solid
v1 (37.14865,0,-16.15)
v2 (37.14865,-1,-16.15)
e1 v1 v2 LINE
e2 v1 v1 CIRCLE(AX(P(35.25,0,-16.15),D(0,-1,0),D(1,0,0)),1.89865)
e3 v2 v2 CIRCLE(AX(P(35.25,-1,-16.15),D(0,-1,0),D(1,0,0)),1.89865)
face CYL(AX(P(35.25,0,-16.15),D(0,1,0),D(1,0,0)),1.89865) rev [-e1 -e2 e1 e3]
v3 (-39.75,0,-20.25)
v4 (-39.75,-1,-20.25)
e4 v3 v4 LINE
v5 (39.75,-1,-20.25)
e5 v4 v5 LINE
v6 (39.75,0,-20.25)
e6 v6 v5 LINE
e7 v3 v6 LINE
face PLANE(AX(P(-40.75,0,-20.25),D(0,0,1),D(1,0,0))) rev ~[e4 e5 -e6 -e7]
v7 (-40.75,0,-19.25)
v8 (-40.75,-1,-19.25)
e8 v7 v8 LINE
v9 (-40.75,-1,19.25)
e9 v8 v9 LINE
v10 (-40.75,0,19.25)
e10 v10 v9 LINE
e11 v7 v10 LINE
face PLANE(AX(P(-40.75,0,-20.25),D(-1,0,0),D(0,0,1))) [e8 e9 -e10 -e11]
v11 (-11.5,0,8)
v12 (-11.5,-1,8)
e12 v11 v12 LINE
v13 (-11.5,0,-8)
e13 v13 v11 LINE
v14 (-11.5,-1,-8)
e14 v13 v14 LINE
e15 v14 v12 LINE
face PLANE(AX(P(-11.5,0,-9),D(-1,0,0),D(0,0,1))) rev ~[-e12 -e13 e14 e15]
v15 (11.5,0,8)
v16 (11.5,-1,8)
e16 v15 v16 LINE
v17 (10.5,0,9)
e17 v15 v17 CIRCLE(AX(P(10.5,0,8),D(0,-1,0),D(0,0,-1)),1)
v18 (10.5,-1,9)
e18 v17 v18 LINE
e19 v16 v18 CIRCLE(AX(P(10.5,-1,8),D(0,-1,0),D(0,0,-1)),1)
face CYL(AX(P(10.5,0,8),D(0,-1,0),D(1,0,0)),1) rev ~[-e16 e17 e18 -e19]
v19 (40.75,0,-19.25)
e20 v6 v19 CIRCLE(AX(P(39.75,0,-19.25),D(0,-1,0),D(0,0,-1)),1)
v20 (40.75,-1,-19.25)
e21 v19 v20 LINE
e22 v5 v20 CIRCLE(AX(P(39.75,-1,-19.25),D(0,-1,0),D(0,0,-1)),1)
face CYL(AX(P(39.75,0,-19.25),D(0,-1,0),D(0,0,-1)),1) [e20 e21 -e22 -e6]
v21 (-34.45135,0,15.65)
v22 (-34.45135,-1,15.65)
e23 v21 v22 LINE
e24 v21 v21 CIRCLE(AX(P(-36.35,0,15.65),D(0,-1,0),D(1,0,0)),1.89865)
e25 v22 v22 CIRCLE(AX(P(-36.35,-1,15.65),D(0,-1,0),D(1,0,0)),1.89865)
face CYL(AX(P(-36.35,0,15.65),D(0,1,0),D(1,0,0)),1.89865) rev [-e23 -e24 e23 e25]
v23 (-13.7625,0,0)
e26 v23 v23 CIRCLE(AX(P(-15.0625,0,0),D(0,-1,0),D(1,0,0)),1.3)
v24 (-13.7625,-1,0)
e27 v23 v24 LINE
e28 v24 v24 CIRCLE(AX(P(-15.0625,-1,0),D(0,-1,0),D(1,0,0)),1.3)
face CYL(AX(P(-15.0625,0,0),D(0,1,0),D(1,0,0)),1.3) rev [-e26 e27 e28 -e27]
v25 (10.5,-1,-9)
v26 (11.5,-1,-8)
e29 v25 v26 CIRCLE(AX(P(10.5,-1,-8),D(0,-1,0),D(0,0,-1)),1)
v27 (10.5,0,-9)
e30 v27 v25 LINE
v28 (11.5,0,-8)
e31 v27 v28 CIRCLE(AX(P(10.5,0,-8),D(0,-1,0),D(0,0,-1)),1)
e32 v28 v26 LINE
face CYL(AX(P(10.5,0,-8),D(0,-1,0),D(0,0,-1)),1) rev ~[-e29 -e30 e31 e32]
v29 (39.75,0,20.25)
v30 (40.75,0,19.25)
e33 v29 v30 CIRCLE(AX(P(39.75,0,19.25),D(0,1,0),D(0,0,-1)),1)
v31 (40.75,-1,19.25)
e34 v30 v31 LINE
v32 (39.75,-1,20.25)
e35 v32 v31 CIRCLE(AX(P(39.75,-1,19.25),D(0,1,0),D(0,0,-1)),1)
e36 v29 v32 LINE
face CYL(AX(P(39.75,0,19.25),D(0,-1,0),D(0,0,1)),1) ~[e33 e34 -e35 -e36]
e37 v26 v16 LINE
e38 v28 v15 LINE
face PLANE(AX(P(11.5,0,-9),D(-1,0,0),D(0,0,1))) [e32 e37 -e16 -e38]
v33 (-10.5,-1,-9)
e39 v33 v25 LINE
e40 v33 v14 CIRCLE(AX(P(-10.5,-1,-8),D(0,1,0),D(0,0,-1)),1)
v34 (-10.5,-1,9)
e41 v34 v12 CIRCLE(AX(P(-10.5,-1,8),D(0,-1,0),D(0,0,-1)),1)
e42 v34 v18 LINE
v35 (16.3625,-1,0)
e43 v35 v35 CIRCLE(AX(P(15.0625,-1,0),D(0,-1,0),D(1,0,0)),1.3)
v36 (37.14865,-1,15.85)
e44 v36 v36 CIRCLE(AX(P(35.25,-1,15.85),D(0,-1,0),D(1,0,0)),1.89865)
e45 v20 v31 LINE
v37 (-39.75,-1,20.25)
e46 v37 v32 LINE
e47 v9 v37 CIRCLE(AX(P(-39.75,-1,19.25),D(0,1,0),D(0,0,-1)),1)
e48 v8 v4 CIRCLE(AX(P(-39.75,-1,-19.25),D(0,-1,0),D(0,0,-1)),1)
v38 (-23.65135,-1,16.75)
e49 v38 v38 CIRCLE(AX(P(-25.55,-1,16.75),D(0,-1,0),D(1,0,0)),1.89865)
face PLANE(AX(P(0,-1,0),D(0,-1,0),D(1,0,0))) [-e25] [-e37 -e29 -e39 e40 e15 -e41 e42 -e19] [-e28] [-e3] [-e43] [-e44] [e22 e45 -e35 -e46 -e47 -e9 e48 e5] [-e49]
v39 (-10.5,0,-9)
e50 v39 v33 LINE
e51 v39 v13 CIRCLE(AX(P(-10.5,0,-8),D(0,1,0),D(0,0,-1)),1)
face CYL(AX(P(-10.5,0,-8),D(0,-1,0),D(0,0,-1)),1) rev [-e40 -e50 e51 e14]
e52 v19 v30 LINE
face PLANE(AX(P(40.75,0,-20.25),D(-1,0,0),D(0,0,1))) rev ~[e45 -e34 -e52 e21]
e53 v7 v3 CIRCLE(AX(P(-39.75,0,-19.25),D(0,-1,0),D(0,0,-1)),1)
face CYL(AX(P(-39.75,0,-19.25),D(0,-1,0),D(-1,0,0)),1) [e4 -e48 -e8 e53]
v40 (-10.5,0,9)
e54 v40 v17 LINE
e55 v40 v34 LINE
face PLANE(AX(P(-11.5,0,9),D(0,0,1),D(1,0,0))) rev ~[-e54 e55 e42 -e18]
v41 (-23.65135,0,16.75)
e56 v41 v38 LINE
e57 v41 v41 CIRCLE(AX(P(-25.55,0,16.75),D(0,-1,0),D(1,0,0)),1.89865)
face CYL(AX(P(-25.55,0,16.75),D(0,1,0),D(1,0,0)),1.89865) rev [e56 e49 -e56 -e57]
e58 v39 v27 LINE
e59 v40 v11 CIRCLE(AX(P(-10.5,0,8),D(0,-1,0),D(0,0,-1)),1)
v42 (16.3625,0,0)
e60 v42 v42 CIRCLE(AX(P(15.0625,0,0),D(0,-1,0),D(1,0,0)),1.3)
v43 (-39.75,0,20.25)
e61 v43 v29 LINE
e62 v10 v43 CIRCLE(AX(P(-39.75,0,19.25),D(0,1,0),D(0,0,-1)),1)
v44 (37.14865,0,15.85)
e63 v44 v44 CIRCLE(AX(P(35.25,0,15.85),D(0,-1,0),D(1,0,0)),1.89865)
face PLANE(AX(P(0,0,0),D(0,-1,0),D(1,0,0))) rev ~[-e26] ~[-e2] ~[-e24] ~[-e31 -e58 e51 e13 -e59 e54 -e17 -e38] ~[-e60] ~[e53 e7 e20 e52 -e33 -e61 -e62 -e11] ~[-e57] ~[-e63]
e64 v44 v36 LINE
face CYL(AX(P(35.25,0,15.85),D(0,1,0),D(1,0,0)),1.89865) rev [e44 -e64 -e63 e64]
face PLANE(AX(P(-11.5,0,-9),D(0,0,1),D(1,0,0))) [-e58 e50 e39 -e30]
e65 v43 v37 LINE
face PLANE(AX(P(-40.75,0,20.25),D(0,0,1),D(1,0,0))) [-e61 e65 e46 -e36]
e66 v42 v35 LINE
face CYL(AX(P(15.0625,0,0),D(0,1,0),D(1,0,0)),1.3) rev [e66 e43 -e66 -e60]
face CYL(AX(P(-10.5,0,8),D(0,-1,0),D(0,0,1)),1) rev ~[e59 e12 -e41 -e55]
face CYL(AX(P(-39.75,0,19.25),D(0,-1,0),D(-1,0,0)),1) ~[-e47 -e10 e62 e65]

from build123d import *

# Parameters (mm, degrees)
SKETCH_W                  = 81.5
SKETCH_H                  = 40.5
SKETCH_R                  = 1.89865
SKETCH_R_2                = 1.3
SKETCH_W_2                = 23
SKETCH_H_2                = 18
EXTRUDE001_DEPTH          = 1
FILLET_R                  = 1
FILLET001_R               = 1
FILLET001_PLACEMENT_ANGLE = 90


with BuildPart() as part:
    # Sketch → Extrude001 (new body)
    with BuildSketch(Plane.XY):
        Rectangle(SKETCH_W, SKETCH_H)
        with Locations((-36.35, 15.65)):
            Circle(SKETCH_R, mode=Mode.SUBTRACT)
        with Locations((-25.55, 16.75)):
            Circle(SKETCH_R, mode=Mode.SUBTRACT)
        with Locations((35.25, -16.15)):
            Circle(SKETCH_R, mode=Mode.SUBTRACT)
        with Locations((35.25, 15.85)):
            Circle(SKETCH_R, mode=Mode.SUBTRACT)
        with Locations((-15.0625, 0)):
            Circle(SKETCH_R_2, mode=Mode.SUBTRACT)
        with Locations((15.0625, 0)):
            Circle(SKETCH_R_2, mode=Mode.SUBTRACT)
        Rectangle(SKETCH_W_2, SKETCH_H_2, mode=Mode.SUBTRACT)
    extrude(amount=EXTRUDE001_DEPTH)

    # Fillet
    fillet_edges = [part.edges().sort_by_distance(p)[0] for p in [
        (-40.75, 20.25, 0.5),
        (40.75, 20.25, 0.5),
        (40.75, -20.25, 0.5),
        (-40.75, -20.25, 0.5),
    ]]
    fillet(fillet_edges, radius=FILLET_R)

    # Fillet001
    fillet001_edges = [part.edges().sort_by_distance(p)[0] for p in [
        (-11.5, 9, 0.5),
        (11.5, 9, 0.5),
        (11.5, -9, 0.5),
        (-11.5, -9, 0.5),
    ]]
    fillet(fillet001_edges, radius=FILLET001_R)


with BuildPart() as part_1:
    # Fillet001 placement: moved
    add(part.part.rotate(Axis((0, 0, 0), (1, 0, 0)), FILLET001_PLACEMENT_ANGLE))


solid = part_1.part
